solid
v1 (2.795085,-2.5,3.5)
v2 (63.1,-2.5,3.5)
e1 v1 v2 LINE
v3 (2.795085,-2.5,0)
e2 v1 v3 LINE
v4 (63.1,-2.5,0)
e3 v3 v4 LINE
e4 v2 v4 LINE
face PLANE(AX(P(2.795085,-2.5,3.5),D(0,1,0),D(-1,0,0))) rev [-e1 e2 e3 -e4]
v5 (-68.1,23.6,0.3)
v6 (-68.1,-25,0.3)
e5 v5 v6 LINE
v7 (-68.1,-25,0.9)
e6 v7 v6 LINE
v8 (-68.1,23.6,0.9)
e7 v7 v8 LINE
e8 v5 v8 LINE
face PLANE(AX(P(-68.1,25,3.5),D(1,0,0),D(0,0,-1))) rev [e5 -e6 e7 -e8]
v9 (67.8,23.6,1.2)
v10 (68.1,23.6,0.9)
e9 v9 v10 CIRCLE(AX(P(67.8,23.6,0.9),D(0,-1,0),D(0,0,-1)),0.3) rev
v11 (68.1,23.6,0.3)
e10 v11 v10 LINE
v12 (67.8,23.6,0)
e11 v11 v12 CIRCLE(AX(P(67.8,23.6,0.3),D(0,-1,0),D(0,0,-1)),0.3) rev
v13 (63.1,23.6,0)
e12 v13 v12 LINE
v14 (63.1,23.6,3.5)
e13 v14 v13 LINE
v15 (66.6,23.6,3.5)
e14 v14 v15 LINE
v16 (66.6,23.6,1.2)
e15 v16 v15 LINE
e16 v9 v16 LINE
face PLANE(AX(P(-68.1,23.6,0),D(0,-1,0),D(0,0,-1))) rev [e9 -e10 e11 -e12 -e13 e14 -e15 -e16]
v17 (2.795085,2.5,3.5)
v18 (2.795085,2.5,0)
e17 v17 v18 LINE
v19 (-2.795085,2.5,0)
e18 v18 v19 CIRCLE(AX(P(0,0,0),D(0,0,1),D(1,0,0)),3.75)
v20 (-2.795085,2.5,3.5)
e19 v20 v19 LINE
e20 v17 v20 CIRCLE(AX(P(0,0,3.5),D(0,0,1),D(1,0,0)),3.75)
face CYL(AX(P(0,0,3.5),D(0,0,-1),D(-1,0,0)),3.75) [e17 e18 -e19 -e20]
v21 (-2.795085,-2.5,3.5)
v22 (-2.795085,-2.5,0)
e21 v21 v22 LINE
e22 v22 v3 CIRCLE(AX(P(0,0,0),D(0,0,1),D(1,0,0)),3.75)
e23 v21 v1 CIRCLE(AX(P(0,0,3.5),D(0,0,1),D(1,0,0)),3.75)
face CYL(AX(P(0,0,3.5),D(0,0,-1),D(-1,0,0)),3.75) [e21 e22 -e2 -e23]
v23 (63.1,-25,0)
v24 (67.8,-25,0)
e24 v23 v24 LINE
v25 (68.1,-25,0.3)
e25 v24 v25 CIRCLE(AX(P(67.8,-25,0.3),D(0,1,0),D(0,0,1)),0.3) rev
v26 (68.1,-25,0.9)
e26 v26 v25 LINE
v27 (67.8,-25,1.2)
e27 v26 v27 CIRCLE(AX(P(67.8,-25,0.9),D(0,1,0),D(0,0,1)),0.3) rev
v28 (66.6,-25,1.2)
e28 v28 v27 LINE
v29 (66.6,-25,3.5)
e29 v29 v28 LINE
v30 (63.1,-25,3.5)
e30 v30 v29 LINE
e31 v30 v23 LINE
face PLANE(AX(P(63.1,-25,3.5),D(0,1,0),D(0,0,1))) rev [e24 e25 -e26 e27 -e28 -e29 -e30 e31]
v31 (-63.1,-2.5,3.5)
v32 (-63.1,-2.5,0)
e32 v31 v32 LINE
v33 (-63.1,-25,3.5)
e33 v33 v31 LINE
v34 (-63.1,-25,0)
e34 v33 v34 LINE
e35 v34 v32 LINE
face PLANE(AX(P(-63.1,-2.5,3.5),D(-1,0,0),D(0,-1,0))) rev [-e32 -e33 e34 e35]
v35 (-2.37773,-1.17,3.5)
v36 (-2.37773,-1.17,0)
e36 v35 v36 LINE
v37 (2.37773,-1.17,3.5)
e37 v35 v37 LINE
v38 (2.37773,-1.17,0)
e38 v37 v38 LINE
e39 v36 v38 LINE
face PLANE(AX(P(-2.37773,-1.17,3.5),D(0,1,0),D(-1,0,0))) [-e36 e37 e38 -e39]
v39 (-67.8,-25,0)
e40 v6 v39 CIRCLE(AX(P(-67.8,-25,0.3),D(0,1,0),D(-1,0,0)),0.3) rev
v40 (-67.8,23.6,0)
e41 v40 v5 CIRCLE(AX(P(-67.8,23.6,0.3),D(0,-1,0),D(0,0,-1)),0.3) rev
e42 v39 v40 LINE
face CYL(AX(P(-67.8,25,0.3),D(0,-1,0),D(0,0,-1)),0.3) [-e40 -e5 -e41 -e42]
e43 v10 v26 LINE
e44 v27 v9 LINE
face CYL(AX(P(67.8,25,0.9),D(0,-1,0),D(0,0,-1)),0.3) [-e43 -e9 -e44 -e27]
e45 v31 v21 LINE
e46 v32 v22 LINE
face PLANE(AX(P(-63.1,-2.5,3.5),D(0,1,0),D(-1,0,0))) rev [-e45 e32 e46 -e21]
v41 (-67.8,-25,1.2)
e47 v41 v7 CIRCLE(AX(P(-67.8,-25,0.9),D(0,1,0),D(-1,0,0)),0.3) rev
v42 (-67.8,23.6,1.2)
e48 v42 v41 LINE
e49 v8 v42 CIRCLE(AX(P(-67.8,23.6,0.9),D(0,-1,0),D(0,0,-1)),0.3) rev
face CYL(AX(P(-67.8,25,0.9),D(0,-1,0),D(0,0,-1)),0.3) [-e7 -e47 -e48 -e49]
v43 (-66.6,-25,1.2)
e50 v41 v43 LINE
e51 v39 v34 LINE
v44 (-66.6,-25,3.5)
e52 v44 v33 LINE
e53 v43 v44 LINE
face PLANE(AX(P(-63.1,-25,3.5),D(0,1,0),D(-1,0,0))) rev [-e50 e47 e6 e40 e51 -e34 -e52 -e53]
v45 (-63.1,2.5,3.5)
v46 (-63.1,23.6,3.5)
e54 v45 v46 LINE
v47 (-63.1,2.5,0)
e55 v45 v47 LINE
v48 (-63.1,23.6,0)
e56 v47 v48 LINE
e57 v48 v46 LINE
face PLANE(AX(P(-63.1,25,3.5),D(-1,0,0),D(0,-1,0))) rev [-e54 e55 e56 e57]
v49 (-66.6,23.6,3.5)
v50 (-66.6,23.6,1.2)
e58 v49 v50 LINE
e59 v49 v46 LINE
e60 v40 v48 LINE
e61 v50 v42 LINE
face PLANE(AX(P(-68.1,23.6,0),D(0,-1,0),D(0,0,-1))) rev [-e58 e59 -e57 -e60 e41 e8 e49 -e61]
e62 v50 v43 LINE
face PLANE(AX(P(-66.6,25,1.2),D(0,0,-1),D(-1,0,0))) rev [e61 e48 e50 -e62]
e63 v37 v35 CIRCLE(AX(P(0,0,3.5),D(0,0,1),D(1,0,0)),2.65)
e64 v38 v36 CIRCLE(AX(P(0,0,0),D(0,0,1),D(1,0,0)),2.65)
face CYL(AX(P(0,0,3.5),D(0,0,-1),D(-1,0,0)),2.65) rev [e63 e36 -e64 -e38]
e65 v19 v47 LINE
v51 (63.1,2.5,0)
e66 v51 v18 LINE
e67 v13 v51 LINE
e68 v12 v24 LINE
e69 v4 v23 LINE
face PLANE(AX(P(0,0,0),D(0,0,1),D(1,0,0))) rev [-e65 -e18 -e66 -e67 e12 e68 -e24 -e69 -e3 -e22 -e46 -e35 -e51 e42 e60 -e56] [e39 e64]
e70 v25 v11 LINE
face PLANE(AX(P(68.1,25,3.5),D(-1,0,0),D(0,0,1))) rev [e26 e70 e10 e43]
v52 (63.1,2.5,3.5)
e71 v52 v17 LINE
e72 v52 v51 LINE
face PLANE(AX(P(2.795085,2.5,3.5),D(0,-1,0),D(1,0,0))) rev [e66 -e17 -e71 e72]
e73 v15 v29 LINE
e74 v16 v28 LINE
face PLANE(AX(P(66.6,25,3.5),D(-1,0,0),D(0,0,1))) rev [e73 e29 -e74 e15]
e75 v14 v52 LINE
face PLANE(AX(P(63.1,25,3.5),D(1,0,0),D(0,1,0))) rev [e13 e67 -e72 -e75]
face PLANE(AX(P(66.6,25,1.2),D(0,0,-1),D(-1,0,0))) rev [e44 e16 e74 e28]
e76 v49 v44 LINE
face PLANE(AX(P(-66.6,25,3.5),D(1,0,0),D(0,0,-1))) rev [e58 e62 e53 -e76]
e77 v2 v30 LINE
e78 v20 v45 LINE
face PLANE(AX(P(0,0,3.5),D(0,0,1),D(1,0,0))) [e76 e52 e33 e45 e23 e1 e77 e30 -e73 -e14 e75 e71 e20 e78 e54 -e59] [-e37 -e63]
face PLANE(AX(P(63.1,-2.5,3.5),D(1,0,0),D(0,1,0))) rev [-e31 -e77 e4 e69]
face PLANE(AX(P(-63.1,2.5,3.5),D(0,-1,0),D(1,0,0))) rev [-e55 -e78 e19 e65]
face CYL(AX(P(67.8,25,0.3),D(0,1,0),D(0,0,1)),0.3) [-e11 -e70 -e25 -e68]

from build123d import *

# Parameters (mm, degrees)
BOSS_EXTRUDE1_DEPTH = 3.5
SKETCH2_W           = 1.5
SKETCH2_H           = 2.3
CUT_EXTRUDE1_DEPTH  = 51
SKETCH3_W           = 136.2
SKETCH3_H           = 1.4
CUT_EXTRUDE2_DEPTH  = 4.5
FILLET1_R           = 0.3


with BuildPart() as part:
    # Sketch1 → Boss-Extrude1 (new body)
    with BuildSketch(Plane.XY):
        with BuildLine():
            Line((-63.1, 2.5), (-2.795084972, 2.5))
            ThreePointArc((-2.795084972, 2.5), (0, 3.75), (2.795084972, 2.5))
            Line((2.795084972, 2.5), (63.1, 2.5))
            Line((63.1, 2.5), (63.1, 25))
            Line((63.1, 25), (68.1, 25))
            Line((68.1, 25), (68.1, -25))
            Line((68.1, -25), (63.1, -25))
            Line((63.1, -25), (63.1, -2.5))
            Line((63.1, -2.5), (2.795084972, -2.5))
            ThreePointArc((2.795084972, -2.5), (0, -3.75), (-2.795084972, -2.5))
            Line((-2.795084972, -2.5), (-63.1, -2.5))
            Line((-63.1, -2.5), (-63.1, -25))
            Line((-63.1, -25), (-68.1, -25))
            Line((-68.1, -25), (-68.1, 25))
            Line((-68.1, 25), (-63.1, 25))
            Line((-63.1, 25), (-63.1, 2.5))
        make_face()
        with BuildLine():
            Line((-2.37773001, -1.17), (2.37773001, -1.17))
            ThreePointArc((2.37773001, -1.17), (0, 2.65), (-2.37773001, -1.17))
        make_face(mode=Mode.SUBTRACT)
    extrude(amount=BOSS_EXTRUDE1_DEPTH)

    # Sketch2 → Cut-Extrude1 (cut, through all)
    with BuildSketch(Plane.XZ.offset(25)):
        with Locations((67.35, 2.35)):
            Rectangle(SKETCH2_W, SKETCH2_H)
        with Locations((-67.35, 2.35)):
            Rectangle(SKETCH2_W, SKETCH2_H)
    extrude(amount=-CUT_EXTRUDE1_DEPTH, mode=Mode.SUBTRACT)

    # Sketch3 → Cut-Extrude2 (cut, through all)
    with BuildSketch(Plane.XY.offset(3.5)):
        with Locations((0, 24.3)):
            Rectangle(SKETCH3_W, SKETCH3_H)
    extrude(amount=-CUT_EXTRUDE2_DEPTH, mode=Mode.SUBTRACT)

    # Fillet1
    fillet1_edges = [part.edges().sort_by_distance(p)[0] for p in [
        (68.1, -0.7, 0),
        (-68.1, -0.7, 1.2),
        (68.1, -0.7, 1.2),
        (-68.1, -0.7, 0),
    ]]
    fillet(fillet1_edges, radius=FILLET1_R)


solid = part.part
